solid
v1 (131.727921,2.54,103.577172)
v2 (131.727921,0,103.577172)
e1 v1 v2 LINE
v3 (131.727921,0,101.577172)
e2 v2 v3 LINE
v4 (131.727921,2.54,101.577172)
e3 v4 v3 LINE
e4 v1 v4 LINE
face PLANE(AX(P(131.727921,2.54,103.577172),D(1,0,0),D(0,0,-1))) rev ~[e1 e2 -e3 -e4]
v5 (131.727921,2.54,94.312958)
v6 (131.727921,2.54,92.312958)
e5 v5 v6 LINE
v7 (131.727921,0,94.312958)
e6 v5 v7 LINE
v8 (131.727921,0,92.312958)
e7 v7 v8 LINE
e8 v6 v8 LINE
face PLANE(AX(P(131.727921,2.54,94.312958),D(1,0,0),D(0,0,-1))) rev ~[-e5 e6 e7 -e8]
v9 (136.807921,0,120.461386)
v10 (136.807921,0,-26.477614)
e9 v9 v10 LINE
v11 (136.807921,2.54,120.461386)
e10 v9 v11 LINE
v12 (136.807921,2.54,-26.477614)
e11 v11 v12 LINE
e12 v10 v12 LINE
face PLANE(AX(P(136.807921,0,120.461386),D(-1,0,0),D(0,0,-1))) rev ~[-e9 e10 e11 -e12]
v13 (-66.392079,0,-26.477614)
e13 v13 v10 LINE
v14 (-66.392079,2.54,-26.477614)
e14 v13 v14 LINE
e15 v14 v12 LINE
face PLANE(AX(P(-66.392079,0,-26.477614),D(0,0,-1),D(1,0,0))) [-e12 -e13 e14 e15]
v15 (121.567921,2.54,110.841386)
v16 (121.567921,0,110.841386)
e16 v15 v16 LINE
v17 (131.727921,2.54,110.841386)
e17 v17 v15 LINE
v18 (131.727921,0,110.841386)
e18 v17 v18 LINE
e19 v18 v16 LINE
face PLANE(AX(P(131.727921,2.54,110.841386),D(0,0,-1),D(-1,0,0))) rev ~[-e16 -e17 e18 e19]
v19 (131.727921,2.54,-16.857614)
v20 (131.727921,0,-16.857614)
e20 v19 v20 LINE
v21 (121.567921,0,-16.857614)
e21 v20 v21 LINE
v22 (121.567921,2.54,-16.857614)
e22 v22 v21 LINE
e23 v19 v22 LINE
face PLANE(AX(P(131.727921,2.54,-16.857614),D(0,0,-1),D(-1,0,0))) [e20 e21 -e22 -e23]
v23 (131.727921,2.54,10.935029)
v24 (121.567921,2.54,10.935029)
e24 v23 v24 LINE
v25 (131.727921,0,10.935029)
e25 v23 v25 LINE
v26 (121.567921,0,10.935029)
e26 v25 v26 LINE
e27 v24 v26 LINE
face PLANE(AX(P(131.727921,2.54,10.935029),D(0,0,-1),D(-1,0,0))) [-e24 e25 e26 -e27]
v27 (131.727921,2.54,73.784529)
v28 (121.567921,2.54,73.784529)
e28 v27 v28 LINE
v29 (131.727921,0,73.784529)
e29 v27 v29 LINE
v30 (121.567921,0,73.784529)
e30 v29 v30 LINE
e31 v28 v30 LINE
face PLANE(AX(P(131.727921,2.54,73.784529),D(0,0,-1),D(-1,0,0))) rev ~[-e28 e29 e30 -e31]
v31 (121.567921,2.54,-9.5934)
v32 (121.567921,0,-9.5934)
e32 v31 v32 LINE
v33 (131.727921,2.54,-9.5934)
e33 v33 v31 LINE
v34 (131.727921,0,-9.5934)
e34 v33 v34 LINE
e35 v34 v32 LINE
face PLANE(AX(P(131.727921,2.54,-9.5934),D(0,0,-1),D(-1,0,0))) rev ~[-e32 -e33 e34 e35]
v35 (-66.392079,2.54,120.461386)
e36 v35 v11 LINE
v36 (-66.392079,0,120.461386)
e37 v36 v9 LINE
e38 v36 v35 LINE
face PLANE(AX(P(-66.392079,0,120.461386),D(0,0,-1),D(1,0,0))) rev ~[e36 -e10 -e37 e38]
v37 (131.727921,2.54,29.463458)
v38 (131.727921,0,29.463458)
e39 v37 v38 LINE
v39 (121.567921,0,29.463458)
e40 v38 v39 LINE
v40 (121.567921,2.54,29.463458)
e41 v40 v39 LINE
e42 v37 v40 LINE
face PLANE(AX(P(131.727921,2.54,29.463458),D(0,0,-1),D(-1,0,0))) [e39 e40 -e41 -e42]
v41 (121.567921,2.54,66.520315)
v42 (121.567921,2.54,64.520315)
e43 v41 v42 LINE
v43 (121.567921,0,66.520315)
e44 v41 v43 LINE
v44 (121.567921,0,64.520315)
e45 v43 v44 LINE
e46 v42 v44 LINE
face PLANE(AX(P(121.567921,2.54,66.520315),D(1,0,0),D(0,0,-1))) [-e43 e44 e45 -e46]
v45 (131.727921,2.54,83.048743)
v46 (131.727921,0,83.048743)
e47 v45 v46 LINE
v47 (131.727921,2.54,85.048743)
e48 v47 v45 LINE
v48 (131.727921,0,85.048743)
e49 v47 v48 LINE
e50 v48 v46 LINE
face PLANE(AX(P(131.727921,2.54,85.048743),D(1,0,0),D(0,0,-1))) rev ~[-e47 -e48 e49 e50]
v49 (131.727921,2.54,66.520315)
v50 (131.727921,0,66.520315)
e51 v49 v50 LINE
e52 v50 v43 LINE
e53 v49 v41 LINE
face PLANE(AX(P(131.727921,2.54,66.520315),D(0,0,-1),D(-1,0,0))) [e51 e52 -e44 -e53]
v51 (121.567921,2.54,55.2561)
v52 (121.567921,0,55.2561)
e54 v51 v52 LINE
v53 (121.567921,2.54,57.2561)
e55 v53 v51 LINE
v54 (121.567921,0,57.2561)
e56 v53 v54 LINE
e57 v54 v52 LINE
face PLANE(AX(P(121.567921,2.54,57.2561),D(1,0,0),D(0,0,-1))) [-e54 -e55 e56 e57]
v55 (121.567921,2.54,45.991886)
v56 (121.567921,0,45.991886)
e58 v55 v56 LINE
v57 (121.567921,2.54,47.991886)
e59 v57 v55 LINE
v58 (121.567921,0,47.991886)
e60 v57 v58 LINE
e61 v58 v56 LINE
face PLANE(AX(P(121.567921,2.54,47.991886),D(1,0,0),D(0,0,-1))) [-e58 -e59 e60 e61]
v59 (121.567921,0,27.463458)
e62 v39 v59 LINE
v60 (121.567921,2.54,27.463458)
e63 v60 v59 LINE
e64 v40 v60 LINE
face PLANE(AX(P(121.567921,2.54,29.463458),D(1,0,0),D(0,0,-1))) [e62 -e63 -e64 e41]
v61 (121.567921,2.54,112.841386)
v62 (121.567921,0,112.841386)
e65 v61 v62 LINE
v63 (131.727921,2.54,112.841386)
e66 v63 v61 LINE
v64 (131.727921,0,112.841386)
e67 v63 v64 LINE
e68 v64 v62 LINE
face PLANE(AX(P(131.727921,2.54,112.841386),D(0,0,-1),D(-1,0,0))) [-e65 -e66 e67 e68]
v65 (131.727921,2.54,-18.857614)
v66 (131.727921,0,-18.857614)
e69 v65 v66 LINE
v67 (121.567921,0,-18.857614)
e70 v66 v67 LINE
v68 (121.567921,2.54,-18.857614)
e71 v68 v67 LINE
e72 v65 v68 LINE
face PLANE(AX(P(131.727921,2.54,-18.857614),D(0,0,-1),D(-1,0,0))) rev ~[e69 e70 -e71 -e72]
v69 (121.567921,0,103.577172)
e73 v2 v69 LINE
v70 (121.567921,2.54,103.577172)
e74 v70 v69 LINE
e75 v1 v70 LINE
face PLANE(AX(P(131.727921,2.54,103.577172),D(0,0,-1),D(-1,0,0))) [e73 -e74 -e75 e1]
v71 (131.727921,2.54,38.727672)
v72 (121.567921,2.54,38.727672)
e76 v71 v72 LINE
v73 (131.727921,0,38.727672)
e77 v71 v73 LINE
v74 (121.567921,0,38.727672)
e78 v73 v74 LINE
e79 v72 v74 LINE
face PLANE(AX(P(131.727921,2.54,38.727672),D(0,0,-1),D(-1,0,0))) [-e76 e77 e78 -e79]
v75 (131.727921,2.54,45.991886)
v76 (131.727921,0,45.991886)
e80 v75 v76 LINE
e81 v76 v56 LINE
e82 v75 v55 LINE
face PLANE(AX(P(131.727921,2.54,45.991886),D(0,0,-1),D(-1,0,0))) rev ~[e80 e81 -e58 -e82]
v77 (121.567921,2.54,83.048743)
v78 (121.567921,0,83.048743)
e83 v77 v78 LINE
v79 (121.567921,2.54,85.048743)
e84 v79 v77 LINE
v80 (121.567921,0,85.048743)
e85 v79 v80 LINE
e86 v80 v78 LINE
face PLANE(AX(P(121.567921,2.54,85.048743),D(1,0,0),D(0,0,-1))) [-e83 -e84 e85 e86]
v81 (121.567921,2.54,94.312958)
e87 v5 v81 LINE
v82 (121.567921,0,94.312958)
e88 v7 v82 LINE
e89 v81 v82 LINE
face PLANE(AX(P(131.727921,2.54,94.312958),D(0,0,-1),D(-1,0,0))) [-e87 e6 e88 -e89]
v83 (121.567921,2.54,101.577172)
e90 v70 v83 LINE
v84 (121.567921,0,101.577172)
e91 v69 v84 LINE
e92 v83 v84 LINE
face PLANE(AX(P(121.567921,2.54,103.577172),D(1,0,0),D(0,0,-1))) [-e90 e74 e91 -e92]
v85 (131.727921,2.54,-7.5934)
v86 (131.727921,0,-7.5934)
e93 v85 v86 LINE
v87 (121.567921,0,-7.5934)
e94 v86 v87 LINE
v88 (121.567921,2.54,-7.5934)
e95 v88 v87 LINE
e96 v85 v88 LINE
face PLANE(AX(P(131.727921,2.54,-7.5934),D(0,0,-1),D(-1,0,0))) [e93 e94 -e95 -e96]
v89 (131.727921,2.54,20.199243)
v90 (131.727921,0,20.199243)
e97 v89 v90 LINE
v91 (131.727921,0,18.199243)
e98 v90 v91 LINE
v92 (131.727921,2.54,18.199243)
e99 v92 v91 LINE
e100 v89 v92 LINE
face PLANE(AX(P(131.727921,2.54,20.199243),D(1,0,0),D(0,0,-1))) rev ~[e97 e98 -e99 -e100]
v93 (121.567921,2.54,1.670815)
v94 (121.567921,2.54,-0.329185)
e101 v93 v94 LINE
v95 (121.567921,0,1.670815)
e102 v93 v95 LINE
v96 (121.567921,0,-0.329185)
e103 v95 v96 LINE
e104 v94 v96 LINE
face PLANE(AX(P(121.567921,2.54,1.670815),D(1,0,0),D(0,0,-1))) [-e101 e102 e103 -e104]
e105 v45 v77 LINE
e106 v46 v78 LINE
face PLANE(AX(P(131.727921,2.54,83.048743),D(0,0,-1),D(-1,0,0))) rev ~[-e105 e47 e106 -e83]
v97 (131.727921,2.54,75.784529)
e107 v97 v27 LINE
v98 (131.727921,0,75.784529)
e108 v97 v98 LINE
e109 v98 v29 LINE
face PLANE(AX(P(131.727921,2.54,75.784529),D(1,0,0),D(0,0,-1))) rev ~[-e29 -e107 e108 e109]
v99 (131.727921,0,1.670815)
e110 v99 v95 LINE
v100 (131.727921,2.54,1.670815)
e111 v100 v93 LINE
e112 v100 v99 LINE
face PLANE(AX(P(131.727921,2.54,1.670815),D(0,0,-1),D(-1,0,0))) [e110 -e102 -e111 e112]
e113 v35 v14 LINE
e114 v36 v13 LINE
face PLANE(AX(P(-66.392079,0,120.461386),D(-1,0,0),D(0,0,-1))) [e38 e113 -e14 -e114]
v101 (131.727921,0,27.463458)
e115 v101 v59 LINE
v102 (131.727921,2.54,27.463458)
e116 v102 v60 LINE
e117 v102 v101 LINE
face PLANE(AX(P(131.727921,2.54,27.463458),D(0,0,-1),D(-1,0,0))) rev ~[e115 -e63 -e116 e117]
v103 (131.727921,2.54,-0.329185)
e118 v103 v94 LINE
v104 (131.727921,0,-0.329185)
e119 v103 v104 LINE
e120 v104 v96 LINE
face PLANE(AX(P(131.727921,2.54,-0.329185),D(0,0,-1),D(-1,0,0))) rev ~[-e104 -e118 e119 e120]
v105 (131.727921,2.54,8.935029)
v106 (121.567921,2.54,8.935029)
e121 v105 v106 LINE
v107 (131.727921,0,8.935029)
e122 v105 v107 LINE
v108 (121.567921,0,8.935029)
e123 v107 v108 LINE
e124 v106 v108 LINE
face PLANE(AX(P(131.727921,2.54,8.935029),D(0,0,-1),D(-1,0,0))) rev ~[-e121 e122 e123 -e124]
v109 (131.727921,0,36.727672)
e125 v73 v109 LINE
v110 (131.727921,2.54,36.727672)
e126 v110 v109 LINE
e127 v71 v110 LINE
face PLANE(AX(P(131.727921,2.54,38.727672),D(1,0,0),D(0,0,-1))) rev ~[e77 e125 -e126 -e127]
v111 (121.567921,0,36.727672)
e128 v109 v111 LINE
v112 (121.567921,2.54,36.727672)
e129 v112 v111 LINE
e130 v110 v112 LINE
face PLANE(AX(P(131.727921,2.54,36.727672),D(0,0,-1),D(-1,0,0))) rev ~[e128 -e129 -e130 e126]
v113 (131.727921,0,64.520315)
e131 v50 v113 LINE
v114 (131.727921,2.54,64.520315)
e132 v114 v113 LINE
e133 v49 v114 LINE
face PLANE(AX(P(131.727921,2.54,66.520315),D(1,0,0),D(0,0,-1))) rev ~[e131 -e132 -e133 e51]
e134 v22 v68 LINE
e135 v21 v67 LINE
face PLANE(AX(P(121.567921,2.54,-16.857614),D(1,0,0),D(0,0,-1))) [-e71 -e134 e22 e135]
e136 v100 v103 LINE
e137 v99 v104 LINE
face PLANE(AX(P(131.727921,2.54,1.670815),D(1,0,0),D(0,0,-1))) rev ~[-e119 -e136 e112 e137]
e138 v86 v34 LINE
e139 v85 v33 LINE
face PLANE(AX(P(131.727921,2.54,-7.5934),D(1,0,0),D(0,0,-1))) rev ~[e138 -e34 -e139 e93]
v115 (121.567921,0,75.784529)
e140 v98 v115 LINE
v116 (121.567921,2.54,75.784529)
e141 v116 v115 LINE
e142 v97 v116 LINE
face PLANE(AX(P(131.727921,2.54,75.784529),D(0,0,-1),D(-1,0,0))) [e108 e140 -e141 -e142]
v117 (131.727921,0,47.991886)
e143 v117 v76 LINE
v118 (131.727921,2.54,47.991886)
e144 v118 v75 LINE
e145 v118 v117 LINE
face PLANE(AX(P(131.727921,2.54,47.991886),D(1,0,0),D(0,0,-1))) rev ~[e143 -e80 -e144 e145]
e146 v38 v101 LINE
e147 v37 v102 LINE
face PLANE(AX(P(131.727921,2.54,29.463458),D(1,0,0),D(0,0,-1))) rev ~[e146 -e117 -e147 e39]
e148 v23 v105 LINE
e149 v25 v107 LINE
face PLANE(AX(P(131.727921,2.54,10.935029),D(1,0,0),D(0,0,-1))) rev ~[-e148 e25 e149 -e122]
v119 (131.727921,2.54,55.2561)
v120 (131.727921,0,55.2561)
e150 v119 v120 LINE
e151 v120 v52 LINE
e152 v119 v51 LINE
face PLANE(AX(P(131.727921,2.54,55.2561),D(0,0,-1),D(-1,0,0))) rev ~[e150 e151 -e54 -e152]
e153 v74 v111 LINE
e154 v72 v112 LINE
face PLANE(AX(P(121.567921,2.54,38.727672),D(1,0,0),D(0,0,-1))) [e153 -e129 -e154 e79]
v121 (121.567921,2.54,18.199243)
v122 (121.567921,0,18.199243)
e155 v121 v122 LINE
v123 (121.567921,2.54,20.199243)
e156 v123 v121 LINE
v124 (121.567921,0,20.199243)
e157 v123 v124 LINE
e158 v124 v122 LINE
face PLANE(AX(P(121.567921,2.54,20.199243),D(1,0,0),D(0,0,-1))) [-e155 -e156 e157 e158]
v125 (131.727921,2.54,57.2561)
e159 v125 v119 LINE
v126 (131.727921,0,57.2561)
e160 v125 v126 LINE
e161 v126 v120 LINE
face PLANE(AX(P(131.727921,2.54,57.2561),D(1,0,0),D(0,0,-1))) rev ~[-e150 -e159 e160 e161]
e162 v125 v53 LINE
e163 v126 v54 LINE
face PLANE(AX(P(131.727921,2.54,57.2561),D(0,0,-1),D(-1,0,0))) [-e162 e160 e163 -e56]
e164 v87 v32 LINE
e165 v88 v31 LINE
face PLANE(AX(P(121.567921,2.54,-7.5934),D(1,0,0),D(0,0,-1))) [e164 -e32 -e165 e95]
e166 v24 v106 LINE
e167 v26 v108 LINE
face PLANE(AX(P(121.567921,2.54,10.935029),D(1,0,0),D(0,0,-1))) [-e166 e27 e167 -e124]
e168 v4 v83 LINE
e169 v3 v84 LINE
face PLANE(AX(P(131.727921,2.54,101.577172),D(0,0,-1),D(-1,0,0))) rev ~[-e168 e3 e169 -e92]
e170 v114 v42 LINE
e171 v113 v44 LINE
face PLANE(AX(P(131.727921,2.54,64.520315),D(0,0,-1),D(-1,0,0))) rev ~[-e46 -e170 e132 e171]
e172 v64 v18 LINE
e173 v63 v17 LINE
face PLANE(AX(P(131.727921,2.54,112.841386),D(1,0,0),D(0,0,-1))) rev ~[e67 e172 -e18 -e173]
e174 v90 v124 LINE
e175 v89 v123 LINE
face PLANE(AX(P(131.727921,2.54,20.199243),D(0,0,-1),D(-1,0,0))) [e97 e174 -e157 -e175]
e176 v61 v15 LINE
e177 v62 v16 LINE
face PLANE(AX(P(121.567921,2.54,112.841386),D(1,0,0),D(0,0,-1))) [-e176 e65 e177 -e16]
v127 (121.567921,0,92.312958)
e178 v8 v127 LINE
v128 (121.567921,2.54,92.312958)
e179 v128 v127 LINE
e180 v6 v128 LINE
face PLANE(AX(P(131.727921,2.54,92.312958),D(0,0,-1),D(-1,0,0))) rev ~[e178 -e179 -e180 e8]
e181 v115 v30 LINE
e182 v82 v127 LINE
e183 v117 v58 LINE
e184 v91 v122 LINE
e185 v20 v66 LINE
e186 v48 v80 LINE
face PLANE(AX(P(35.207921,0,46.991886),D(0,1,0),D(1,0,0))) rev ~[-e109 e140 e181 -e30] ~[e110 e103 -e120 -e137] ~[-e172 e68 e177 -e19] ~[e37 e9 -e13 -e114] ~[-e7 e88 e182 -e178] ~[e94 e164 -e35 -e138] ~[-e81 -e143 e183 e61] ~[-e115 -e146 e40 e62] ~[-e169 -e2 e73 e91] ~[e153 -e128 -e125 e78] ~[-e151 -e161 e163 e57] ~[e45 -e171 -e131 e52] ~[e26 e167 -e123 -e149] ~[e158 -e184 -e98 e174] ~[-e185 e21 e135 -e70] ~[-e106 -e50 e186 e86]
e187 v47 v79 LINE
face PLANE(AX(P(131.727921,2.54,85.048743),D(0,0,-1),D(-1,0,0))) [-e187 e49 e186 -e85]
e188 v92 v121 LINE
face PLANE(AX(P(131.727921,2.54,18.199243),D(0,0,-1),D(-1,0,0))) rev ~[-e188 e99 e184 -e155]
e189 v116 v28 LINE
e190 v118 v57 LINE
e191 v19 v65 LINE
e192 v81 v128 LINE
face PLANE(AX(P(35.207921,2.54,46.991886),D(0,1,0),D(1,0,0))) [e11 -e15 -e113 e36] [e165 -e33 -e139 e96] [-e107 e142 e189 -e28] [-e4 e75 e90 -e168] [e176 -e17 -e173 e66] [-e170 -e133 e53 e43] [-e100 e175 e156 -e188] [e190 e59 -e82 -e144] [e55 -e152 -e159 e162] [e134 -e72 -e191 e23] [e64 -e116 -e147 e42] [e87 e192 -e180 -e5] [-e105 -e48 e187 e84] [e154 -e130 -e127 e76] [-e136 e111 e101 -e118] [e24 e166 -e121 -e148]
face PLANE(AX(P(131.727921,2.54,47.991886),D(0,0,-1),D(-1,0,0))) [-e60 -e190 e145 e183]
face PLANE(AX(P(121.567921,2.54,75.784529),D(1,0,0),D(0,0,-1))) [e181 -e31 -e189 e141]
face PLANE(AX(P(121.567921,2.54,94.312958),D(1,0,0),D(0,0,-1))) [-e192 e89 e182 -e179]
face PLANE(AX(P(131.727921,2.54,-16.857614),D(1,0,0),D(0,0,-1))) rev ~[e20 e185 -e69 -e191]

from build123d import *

# Parameters (mm, degrees)
SKETCH1_W           = 203.2
SKETCH1_H           = 146.939
BOSS_EXTRUDE1_DEPTH = 2.54
SKETCH2_W           = 2
SKETCH2_H           = 10.16
CUT_EXTRUDE1_DEPTH  = 2.794
LPATTERN1_COUNT     = 15
LPATTERN1_PITCH     = 9.264214286


with BuildPart() as part:
    # Sketch1 → Boss-Extrude1 (new body)
    with BuildSketch(Plane(origin=(0, 0, 0), x_dir=(1, 0, 0), z_dir=(0, 1, 0))):
        with Locations((35.207920792, -46.991886139)):
            Rectangle(SKETCH1_W, SKETCH1_H)
    extrude(amount=BOSS_EXTRUDE1_DEPTH)

    # Sketch2 → Cut-Extrude1 (cut)
    with BuildSketch(Plane(origin=(0, 2.54, 0), x_dir=(0, 0, -1), z_dir=(0, 1, 0))):
        with Locations((-111.841386139, -126.647920792)):
            Rectangle(SKETCH2_W, SKETCH2_H)
    cut_extrude1 = extrude(amount=-CUT_EXTRUDE1_DEPTH, mode=Mode.SUBTRACT)

    # LPattern1: Cut-Extrude1 ×15
    with Locations(*[(0, 0, -i * LPATTERN1_PITCH) for i in range(1, LPATTERN1_COUNT)]):
        add(cut_extrude1, mode=Mode.SUBTRACT)


solid = part.part
